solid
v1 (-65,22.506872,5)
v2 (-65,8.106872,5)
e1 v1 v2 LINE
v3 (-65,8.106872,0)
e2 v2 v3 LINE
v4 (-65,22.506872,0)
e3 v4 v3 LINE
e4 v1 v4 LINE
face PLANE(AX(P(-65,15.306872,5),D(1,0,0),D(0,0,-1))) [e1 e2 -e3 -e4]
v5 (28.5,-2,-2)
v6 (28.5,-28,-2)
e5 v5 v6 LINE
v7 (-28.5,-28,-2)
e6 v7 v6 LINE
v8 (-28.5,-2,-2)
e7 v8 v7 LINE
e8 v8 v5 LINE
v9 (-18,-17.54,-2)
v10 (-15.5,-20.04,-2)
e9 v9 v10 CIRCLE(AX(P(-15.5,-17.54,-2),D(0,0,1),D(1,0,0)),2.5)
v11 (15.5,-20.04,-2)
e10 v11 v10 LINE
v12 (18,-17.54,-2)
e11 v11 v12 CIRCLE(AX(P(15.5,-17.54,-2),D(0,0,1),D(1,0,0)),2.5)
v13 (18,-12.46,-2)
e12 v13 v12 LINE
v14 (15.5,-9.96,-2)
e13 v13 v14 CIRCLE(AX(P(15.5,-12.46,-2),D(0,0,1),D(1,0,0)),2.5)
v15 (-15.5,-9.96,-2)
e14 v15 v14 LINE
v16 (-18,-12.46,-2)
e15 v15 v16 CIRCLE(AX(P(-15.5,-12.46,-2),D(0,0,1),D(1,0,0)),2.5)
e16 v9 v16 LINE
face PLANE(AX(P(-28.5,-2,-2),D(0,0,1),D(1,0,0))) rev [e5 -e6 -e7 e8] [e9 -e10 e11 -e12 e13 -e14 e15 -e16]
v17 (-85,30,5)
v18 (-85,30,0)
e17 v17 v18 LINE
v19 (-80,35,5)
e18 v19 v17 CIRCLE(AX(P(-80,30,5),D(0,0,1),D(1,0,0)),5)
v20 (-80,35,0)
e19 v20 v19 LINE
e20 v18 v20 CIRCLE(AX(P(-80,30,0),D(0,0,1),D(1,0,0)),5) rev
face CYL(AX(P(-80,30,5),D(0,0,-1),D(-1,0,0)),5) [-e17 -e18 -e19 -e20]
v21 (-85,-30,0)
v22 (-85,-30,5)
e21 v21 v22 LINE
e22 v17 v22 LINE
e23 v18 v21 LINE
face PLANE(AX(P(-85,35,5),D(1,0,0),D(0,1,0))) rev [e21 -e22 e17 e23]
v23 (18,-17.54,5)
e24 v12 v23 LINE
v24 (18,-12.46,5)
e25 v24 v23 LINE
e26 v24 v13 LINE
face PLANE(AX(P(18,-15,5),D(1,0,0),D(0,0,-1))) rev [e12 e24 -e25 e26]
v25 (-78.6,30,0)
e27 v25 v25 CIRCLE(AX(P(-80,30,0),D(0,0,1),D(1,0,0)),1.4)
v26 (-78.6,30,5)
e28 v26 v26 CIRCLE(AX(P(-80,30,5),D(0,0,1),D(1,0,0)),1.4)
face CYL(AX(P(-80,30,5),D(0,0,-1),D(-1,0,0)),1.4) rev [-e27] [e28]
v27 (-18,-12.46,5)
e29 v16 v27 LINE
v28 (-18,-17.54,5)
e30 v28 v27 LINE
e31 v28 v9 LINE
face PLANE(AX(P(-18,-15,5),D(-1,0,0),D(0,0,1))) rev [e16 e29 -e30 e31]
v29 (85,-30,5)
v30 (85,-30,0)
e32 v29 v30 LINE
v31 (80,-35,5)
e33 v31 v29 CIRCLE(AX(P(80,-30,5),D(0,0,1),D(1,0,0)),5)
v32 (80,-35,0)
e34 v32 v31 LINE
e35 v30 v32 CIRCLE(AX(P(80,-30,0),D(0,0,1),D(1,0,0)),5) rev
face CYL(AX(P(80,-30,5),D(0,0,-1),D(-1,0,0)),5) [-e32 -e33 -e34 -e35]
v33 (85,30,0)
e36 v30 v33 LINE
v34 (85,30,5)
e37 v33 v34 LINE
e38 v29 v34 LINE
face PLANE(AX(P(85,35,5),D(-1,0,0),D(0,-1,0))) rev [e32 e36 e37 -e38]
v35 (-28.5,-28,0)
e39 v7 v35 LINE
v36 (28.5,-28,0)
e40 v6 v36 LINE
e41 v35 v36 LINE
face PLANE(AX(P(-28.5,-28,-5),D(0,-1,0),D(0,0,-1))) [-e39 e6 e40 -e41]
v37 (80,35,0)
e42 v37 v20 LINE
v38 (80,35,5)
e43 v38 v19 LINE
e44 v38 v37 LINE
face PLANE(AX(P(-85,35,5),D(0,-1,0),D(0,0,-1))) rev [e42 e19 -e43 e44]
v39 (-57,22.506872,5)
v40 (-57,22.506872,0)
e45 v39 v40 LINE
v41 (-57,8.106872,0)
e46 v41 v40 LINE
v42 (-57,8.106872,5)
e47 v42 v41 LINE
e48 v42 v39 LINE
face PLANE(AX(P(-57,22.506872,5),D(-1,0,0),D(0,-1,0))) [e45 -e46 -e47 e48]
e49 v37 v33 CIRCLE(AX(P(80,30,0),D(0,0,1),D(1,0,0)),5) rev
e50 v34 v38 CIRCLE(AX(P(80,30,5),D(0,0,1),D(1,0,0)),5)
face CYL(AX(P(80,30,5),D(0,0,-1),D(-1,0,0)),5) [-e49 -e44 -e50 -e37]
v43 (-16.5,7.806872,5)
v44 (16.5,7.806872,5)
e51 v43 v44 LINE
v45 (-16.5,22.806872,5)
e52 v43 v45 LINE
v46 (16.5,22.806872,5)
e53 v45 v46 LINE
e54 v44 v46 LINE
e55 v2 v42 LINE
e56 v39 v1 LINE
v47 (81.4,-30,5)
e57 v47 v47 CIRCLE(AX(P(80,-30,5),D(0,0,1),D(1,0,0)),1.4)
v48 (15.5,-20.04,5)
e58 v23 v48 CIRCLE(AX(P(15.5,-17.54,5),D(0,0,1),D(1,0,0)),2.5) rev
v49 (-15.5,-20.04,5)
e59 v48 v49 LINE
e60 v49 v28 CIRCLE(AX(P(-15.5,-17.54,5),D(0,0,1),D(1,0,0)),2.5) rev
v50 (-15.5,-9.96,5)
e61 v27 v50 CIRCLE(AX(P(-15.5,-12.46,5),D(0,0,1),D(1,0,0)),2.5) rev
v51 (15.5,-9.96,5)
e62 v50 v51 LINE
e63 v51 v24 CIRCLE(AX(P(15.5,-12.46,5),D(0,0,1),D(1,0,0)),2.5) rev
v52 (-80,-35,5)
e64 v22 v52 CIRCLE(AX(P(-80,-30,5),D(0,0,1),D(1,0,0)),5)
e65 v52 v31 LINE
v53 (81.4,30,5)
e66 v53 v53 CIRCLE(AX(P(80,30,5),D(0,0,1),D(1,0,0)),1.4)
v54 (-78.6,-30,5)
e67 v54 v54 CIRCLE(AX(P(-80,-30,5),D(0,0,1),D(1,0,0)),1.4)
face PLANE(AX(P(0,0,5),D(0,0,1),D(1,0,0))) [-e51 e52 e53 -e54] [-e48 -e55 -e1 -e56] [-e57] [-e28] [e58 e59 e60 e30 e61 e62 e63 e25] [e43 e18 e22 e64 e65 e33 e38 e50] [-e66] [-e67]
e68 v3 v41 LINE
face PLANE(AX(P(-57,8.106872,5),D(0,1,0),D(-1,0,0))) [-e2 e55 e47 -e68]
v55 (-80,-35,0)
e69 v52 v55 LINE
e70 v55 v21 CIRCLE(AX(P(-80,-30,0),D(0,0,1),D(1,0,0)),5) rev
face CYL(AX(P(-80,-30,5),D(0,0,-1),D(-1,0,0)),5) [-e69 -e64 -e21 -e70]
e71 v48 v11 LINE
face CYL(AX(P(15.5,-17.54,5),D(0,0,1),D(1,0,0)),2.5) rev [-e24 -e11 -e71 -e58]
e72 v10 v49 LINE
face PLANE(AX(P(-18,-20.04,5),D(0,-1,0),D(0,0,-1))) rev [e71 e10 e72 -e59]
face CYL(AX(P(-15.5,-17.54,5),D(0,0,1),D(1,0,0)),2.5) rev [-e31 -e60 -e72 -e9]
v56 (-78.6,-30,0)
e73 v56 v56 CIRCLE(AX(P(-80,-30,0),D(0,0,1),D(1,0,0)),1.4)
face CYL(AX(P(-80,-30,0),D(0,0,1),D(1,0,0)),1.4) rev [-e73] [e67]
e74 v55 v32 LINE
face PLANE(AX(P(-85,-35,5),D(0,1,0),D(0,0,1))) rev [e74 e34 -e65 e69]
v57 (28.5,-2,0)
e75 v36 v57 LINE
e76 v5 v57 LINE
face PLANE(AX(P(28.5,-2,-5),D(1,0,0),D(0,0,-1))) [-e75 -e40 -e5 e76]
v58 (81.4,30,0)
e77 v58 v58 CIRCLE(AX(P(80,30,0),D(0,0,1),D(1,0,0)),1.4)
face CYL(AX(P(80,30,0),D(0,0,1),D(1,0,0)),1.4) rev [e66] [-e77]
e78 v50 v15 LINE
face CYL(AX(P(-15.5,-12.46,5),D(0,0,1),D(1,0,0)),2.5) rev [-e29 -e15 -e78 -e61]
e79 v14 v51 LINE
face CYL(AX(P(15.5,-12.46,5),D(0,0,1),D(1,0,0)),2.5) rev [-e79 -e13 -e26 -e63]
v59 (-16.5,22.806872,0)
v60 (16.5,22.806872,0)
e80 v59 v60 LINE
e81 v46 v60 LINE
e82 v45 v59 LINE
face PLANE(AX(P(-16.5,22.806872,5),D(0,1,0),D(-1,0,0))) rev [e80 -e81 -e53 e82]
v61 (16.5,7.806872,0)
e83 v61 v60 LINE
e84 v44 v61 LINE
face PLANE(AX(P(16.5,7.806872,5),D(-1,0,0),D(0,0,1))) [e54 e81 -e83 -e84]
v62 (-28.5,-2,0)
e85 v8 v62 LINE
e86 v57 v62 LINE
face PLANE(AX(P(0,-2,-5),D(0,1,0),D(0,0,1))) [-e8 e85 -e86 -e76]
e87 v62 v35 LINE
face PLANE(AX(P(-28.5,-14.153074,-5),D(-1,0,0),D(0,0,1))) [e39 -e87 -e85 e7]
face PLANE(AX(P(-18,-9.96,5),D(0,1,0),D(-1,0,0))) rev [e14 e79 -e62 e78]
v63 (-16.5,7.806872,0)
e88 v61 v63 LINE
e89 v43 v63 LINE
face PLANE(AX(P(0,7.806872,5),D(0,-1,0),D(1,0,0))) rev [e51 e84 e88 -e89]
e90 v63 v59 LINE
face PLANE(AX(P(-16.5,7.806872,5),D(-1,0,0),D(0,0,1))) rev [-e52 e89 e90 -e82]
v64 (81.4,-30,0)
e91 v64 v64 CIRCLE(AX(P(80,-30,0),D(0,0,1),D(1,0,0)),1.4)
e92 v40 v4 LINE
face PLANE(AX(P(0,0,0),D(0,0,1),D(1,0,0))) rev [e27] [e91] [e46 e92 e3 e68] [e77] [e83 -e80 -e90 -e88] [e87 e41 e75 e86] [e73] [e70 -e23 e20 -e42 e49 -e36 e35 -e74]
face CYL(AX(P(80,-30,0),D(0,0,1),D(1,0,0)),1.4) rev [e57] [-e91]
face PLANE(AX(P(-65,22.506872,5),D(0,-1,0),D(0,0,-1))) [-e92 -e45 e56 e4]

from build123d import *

# Parameters (mm, degrees)
SKETCH1_W           = 170
SKETCH1_H           = 70
BOSS_EXTRUDE1_DEPTH = 5
FILLET2_R           = 5
SKETCH3_R           = 1.4
CUT_EXTRUDE1_DEPTH  = 5
SKETCH5_R           = 1.4
CUT_EXTRUDE2_DEPTH  = 5
CUT_EXTRUDE5_DEPTH  = 5
CUT_EXTRUDE7_DEPTH  = 5
BOSS_EXTRUDE2_DEPTH = 10
CUT_EXTRUDE8_DEPTH  = 10
SKETCH10_W          = 3
SKETCH10_H          = 26
CUT_EXTRUDE9_DEPTH  = 57
FILLET3_R           = 2.5


with BuildPart() as part:
    # Sketch1 → Boss-Extrude1 (new body)
    with BuildSketch(Plane.XY):
        Rectangle(SKETCH1_W, SKETCH1_H)
    extrude(amount=BOSS_EXTRUDE1_DEPTH)

    # Fillet2
    fillet2_edges = [part.edges().sort_by_distance(p)[0] for p in [
        (85, -35, 2.5),
        (-85, -35, 2.5),
        (-85, 35, 2.5),
        (85, 35, 2.5),
    ]]
    fillet(fillet2_edges, radius=FILLET2_R)

    # Sketch3 → Cut-Extrude1 (cut)
    with BuildSketch(Plane.XY):
        with Locations((-80, 30)):
            Circle(SKETCH3_R)
    extrude(amount=CUT_EXTRUDE1_DEPTH, mode=Mode.SUBTRACT)

    # Sketch5 → Cut-Extrude2 (cut)
    with BuildSketch(Plane.XY.offset(5)):
        with Locations((-80, -30)):
            Circle(SKETCH5_R)
        with Locations((80, 30)):
            Circle(SKETCH5_R)
        with Locations((80, -30)):
            Circle(SKETCH5_R)
    extrude(amount=-CUT_EXTRUDE2_DEPTH, mode=Mode.SUBTRACT)

    # Sketch6 → Cut-Extrude5 (cut)
    with BuildSketch(Plane.XY):
        Polygon((0, 7.806871993), (16.5, 7.806871993), (16.5, 22.806871993), (-16.5, 22.806871993), (-16.5, 7.806871993), align=None)
    extrude(amount=CUT_EXTRUDE5_DEPTH, mode=Mode.SUBTRACT)

    # Sketch7 → Cut-Extrude7 (cut)
    with BuildSketch(Plane.XY):
        Polygon((-65, 15.306871993), (-65, 22.506871993), (-57, 22.506871993), (-57, 15.306871993), (-57, 8.106871993), (-65, 8.106871993), align=None)
    extrude(amount=CUT_EXTRUDE7_DEPTH, mode=Mode.SUBTRACT)

    # Sketch8 → Boss-Extrude2 (add)
    with BuildSketch(Plane.XY.offset(5)):
        Polygon((0, -2), (28.5, -2), (28.5, -14.153073617), (28.5, -28), (-28.5, -28), (-28.5, -14.153073617), (-28.5, -2), align=None)
    extrude(amount=-BOSS_EXTRUDE2_DEPTH)

    # Sketch9 → Cut-Extrude8 (cut)
    with BuildSketch(Plane(origin=(0, 0, -5), x_dir=(-1, 0, 0), z_dir=(0, 0, -1))):
        Polygon((18, -20.04), (-18, -20.04), (-18, -15), (-18, -9.96), (18, -9.96), (18, -15), align=None)
    extrude(amount=-CUT_EXTRUDE8_DEPTH, mode=Mode.SUBTRACT)

    # Sketch10 → Cut-Extrude9 (cut)
    with BuildSketch(Plane(origin=(28.5, 0, 0), x_dir=(0, 0, -1), z_dir=(1, 0, 0))):
        with Locations((3.5, -15)):
            Rectangle(SKETCH10_W, SKETCH10_H)
    extrude(amount=-CUT_EXTRUDE9_DEPTH, mode=Mode.SUBTRACT)

    # Fillet3
    fillet3_edges = [part.edges().sort_by_distance(p)[0] for p in [
        (18, -9.96, 1.5),
        (-18, -9.96, 1.5),
        (-18, -20.04, 1.5),
        (18, -20.04, 1.5),
    ]]
    fillet(fillet3_edges, radius=FILLET3_R)


solid = part.part
